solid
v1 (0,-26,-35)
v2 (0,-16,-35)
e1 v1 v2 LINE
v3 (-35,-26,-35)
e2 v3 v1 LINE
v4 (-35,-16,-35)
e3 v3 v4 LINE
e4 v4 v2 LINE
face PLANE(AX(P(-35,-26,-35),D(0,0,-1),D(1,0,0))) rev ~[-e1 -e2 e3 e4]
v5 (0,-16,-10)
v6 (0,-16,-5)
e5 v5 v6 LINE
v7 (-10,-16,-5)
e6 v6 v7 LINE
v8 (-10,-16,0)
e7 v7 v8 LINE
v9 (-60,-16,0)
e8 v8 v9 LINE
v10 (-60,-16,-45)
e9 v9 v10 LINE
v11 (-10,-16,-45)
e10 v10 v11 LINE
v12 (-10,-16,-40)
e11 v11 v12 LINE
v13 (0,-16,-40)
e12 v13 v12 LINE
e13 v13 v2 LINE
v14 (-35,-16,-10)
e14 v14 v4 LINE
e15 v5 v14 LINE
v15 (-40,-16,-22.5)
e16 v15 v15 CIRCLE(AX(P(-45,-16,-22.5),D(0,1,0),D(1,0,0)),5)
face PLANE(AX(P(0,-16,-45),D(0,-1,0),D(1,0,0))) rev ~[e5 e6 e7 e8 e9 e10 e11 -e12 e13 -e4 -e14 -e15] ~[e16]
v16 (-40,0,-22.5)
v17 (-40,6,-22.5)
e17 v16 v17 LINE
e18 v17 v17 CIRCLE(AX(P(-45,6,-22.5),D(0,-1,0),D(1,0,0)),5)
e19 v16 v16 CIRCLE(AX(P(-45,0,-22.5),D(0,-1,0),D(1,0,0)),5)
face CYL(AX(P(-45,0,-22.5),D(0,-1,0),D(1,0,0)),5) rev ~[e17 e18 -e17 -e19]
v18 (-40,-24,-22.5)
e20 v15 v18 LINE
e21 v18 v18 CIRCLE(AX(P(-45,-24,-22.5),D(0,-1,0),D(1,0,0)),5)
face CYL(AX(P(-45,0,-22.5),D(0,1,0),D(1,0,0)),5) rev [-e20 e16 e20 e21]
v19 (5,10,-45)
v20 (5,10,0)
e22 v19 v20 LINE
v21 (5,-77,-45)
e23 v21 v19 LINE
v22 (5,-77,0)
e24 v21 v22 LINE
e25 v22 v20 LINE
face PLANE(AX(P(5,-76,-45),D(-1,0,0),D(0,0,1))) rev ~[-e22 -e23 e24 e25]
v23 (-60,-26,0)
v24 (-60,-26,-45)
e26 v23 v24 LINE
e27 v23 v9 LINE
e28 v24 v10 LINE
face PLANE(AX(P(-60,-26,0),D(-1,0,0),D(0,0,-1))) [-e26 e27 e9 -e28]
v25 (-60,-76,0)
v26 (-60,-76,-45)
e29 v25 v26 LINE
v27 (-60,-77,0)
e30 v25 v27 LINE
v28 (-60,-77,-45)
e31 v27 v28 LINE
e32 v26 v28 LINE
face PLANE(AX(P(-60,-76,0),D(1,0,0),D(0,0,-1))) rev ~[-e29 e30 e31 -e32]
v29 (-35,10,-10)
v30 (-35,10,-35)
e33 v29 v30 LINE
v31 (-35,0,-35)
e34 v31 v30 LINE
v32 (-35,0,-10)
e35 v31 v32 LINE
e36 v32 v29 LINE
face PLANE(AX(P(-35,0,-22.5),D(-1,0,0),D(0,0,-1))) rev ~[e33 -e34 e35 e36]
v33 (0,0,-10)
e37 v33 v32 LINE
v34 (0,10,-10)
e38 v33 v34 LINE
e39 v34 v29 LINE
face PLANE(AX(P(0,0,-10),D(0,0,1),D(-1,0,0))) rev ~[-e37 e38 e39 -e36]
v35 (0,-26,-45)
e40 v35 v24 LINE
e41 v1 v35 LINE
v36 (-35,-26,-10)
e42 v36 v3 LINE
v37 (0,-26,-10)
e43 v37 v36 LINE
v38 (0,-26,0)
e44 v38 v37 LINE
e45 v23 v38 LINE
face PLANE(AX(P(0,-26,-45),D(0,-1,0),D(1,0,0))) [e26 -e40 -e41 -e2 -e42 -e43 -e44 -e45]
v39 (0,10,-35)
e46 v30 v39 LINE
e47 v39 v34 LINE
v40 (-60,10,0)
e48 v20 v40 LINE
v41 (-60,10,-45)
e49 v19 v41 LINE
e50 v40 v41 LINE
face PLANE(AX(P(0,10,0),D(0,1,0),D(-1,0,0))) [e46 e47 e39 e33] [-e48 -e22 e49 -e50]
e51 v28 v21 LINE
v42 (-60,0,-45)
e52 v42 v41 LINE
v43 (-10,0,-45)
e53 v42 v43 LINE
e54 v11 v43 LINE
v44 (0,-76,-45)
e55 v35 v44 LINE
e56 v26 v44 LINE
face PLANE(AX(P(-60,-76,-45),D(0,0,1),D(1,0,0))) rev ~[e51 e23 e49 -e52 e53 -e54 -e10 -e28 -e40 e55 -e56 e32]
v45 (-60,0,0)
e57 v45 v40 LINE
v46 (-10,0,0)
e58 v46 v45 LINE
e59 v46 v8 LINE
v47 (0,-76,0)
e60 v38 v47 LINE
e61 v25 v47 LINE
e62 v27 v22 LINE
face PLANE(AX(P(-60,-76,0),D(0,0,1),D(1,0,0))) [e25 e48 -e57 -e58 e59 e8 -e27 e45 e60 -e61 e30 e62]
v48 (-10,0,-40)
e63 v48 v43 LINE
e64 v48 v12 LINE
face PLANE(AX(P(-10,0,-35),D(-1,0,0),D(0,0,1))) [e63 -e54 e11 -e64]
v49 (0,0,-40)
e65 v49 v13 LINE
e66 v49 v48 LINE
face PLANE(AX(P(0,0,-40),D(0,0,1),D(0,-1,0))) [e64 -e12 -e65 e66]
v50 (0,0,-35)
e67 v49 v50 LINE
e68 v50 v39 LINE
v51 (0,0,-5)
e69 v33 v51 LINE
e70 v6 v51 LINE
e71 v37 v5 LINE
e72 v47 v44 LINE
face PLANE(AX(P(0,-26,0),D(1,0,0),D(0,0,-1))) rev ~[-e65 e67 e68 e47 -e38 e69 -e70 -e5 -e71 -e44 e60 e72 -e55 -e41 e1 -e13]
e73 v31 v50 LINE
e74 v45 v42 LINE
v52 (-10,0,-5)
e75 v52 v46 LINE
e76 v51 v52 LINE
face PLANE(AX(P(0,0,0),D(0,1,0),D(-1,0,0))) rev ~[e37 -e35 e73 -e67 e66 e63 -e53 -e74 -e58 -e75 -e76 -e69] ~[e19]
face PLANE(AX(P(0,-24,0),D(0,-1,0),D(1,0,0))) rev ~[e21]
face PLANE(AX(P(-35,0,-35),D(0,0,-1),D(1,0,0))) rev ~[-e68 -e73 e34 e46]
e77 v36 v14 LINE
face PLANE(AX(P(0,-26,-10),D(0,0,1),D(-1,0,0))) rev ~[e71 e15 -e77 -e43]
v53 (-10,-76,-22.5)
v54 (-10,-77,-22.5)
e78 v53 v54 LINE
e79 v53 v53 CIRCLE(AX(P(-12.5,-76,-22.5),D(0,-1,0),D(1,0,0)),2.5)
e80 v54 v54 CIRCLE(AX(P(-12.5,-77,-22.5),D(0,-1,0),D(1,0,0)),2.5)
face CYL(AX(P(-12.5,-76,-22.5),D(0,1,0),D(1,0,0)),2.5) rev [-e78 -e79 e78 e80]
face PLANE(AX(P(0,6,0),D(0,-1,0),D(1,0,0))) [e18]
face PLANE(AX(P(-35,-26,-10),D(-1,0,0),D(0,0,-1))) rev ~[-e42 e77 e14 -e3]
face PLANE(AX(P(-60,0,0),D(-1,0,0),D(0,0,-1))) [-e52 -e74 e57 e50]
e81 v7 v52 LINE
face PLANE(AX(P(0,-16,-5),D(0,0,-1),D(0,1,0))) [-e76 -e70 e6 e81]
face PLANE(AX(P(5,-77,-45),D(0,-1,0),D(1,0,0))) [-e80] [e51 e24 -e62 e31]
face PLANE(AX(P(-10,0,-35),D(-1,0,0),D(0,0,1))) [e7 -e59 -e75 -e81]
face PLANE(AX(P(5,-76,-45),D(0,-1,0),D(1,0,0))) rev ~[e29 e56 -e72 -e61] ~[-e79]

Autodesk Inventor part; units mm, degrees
ref_plane "YZ Plane" through (0, 0, 0) normal (1, 0, 0) x (0, 1, 0)
ref_plane "XZ Plane" through (0, 0, 0) normal (0, 1, 0) x (-1, 0, 0)
ref_plane "XY Plane" through (0, 0, 0) normal (0, 0, 1) x (1, 0, 0)
sketch "Эскиз1" plane through (0, 0, 0) normal (0, 1, 0) x (-1, 0, 0)
  line L0 (0, 0) -> (60, 0)
  line L1 (60, 0) -> (60, -45)
  line L2 (60, -45) -> (0, -45)
  line L3 (0, -45) -> (0, 0)
  line L4 (0, -22.5) -> (0, 0)
  line L5 (0, 0) -> (0, -10)
  line L6 (0, -10) -> (35, -10)
  line L7 (35, -10) -> (35, -35)
  line L8 (35, -35) -> (0, -35)
  line L9 (35, -22.5) -> (45, -22.5)
  dimension "d0" = 60
  dimension "d1" = 45
  dimension "d3" = 10
  dimension "d4" = 35
  dimension "d5" = 25
  dimension "d6" = 10
extrude "Выдавливание1" add sketch "Эскиз1" along normal blind 10 contours L0 L1 L2 L3 L8 L7 L6
sketch "Эскиз3" plane through (0, 0, -35) normal (1, 0, 0) x (0, 0, -1)
  line L0 (10, 10) -> (-35, 10) projected
  line L1 (10, 10) -> (-35, 10)
  line L2 (-35, 10) -> (-35, -26)
  line L3 (-35, -26) -> (10, -26)
  line L4 (10, -26) -> (10, 10)
  point P0 (-35, 0)
  dimension "d13" = 45
  dimension "d14" = 36
extrude "Выдавливание3" add sketch "Эскиз3" along normal blind 5
sketch "Эскиз4" plane through (0, -26, -45) normal (0, -1, 0) x (1, 0, 0)
  line L0 (-60, 0) -> (0, 0)
  line L1 (0, 0) -> (0, 45)
  line L2 (0, 45) -> (-60, 45)
  line L3 (-60, 45) -> (-60, 0)
  line L4 (0, 35) -> (-35, 35) projected
  line L5 (-35, 10) -> (0, 10)
  line L6 (0, 10) -> (0, 35)
  line L7 (0, 35) -> (-35, 35)
  line L8 (-35, 35) -> (-35, 10)
extrude "Выдавливание4" add sketch "Эскиз4" against normal blind 10 contours L3 L2 L1 L4 L8 L5 L0
sketch "Эскиз5" plane through (0, 0, 0) normal (0, -1, 0) x (1, 0, 0)
  line L0 (-35, -10) -> (-35, -35) projected
  line L1 (-35, -22.5) -> (-45, -22.5)
  circle A0 centre (-45, -22.5) radius 5
  point P0 (0, 0)
  dimension "d19" = 10
  dimension "d20" = 10
extrude "Выдавливание5" cut sketch "Эскиз5" along normal blind 24 and the other way blind 6
sketch "Эскиз6" plane through (5, -26, -45) normal (0, -1, 0) x (1, 0, 0)
  line L0 (0, 0) -> (0, 45) projected
  line L1 (-65, 0) -> (0, 0) projected
  line L2 (0, 45) -> (-5, 45)
  line L3 (-5, 45) -> (-5, 0)
  line L4 (-5, 0) -> (0, 0)
  line L5 (0, 0) -> (0, 45)
extrude "Выдавливание6" add sketch "Эскиз6" along normal blind 50
sketch "Эскиз7" plane through (5, -76, -45) normal (0, -1, 0) x (1, 0, 0)
  line L0 (-65, 45) -> (0, 45) projected
  line L1 (0, 45) -> (-65, 45)
  line L2 (-65, 45) -> (-65, 0)
  line L3 (-65, 0) -> (0, 0)
  line L4 (0, 0) -> (0, 45)
  line L5 (-5, 10) -> (-5, 35) projected
  line L6 (-5, 22.5) -> (-15, 22.5)
  line L7 (-15, 22.5) -> (-17.5, 22.5)
  circle A0 centre (-17.5, 22.5) radius 2.5
  point P0 (-5, 45)
  dimension "d27" = 10
  dimension "d28" = 2.5
extrude "Выдавливание7" add sketch "Эскиз7" along normal blind 1
sketch "Эскиз8" plane through (0, 0, -35) normal (-1, 0, 0) x (0, 0, 1)
  line L0 (0, 0) -> (-10, 0) projected
  line L1 (-10, -16) -> (35, -16) projected
  line L2 (-10, 0) -> (-5, 0)
  line L3 (-5, 0) -> (-5, -16)
  line L4 (-5, -16) -> (-10, -16)
  line L5 (-10, -16) -> (-10, 0)
  line L6 (-10, 0) -> (35, 0) projected
  line L7 (35, -16) -> (30, -16)
  line L8 (30, -16) -> (30, 0)
  line L9 (30, 0) -> (35, 0)
  line L10 (35, 0) -> (35, -16)
  point P0 (25, -16)
  point P1 (-5, 0)
  dimension "d31" = 5
  dimension "d34" = 5
extrude "Выдавливание8" add sketch "Эскиз8" along normal blind 10 contours L3 L1 L5 L0 | L6 L10 L1 L8
properties part number "Стенка"
